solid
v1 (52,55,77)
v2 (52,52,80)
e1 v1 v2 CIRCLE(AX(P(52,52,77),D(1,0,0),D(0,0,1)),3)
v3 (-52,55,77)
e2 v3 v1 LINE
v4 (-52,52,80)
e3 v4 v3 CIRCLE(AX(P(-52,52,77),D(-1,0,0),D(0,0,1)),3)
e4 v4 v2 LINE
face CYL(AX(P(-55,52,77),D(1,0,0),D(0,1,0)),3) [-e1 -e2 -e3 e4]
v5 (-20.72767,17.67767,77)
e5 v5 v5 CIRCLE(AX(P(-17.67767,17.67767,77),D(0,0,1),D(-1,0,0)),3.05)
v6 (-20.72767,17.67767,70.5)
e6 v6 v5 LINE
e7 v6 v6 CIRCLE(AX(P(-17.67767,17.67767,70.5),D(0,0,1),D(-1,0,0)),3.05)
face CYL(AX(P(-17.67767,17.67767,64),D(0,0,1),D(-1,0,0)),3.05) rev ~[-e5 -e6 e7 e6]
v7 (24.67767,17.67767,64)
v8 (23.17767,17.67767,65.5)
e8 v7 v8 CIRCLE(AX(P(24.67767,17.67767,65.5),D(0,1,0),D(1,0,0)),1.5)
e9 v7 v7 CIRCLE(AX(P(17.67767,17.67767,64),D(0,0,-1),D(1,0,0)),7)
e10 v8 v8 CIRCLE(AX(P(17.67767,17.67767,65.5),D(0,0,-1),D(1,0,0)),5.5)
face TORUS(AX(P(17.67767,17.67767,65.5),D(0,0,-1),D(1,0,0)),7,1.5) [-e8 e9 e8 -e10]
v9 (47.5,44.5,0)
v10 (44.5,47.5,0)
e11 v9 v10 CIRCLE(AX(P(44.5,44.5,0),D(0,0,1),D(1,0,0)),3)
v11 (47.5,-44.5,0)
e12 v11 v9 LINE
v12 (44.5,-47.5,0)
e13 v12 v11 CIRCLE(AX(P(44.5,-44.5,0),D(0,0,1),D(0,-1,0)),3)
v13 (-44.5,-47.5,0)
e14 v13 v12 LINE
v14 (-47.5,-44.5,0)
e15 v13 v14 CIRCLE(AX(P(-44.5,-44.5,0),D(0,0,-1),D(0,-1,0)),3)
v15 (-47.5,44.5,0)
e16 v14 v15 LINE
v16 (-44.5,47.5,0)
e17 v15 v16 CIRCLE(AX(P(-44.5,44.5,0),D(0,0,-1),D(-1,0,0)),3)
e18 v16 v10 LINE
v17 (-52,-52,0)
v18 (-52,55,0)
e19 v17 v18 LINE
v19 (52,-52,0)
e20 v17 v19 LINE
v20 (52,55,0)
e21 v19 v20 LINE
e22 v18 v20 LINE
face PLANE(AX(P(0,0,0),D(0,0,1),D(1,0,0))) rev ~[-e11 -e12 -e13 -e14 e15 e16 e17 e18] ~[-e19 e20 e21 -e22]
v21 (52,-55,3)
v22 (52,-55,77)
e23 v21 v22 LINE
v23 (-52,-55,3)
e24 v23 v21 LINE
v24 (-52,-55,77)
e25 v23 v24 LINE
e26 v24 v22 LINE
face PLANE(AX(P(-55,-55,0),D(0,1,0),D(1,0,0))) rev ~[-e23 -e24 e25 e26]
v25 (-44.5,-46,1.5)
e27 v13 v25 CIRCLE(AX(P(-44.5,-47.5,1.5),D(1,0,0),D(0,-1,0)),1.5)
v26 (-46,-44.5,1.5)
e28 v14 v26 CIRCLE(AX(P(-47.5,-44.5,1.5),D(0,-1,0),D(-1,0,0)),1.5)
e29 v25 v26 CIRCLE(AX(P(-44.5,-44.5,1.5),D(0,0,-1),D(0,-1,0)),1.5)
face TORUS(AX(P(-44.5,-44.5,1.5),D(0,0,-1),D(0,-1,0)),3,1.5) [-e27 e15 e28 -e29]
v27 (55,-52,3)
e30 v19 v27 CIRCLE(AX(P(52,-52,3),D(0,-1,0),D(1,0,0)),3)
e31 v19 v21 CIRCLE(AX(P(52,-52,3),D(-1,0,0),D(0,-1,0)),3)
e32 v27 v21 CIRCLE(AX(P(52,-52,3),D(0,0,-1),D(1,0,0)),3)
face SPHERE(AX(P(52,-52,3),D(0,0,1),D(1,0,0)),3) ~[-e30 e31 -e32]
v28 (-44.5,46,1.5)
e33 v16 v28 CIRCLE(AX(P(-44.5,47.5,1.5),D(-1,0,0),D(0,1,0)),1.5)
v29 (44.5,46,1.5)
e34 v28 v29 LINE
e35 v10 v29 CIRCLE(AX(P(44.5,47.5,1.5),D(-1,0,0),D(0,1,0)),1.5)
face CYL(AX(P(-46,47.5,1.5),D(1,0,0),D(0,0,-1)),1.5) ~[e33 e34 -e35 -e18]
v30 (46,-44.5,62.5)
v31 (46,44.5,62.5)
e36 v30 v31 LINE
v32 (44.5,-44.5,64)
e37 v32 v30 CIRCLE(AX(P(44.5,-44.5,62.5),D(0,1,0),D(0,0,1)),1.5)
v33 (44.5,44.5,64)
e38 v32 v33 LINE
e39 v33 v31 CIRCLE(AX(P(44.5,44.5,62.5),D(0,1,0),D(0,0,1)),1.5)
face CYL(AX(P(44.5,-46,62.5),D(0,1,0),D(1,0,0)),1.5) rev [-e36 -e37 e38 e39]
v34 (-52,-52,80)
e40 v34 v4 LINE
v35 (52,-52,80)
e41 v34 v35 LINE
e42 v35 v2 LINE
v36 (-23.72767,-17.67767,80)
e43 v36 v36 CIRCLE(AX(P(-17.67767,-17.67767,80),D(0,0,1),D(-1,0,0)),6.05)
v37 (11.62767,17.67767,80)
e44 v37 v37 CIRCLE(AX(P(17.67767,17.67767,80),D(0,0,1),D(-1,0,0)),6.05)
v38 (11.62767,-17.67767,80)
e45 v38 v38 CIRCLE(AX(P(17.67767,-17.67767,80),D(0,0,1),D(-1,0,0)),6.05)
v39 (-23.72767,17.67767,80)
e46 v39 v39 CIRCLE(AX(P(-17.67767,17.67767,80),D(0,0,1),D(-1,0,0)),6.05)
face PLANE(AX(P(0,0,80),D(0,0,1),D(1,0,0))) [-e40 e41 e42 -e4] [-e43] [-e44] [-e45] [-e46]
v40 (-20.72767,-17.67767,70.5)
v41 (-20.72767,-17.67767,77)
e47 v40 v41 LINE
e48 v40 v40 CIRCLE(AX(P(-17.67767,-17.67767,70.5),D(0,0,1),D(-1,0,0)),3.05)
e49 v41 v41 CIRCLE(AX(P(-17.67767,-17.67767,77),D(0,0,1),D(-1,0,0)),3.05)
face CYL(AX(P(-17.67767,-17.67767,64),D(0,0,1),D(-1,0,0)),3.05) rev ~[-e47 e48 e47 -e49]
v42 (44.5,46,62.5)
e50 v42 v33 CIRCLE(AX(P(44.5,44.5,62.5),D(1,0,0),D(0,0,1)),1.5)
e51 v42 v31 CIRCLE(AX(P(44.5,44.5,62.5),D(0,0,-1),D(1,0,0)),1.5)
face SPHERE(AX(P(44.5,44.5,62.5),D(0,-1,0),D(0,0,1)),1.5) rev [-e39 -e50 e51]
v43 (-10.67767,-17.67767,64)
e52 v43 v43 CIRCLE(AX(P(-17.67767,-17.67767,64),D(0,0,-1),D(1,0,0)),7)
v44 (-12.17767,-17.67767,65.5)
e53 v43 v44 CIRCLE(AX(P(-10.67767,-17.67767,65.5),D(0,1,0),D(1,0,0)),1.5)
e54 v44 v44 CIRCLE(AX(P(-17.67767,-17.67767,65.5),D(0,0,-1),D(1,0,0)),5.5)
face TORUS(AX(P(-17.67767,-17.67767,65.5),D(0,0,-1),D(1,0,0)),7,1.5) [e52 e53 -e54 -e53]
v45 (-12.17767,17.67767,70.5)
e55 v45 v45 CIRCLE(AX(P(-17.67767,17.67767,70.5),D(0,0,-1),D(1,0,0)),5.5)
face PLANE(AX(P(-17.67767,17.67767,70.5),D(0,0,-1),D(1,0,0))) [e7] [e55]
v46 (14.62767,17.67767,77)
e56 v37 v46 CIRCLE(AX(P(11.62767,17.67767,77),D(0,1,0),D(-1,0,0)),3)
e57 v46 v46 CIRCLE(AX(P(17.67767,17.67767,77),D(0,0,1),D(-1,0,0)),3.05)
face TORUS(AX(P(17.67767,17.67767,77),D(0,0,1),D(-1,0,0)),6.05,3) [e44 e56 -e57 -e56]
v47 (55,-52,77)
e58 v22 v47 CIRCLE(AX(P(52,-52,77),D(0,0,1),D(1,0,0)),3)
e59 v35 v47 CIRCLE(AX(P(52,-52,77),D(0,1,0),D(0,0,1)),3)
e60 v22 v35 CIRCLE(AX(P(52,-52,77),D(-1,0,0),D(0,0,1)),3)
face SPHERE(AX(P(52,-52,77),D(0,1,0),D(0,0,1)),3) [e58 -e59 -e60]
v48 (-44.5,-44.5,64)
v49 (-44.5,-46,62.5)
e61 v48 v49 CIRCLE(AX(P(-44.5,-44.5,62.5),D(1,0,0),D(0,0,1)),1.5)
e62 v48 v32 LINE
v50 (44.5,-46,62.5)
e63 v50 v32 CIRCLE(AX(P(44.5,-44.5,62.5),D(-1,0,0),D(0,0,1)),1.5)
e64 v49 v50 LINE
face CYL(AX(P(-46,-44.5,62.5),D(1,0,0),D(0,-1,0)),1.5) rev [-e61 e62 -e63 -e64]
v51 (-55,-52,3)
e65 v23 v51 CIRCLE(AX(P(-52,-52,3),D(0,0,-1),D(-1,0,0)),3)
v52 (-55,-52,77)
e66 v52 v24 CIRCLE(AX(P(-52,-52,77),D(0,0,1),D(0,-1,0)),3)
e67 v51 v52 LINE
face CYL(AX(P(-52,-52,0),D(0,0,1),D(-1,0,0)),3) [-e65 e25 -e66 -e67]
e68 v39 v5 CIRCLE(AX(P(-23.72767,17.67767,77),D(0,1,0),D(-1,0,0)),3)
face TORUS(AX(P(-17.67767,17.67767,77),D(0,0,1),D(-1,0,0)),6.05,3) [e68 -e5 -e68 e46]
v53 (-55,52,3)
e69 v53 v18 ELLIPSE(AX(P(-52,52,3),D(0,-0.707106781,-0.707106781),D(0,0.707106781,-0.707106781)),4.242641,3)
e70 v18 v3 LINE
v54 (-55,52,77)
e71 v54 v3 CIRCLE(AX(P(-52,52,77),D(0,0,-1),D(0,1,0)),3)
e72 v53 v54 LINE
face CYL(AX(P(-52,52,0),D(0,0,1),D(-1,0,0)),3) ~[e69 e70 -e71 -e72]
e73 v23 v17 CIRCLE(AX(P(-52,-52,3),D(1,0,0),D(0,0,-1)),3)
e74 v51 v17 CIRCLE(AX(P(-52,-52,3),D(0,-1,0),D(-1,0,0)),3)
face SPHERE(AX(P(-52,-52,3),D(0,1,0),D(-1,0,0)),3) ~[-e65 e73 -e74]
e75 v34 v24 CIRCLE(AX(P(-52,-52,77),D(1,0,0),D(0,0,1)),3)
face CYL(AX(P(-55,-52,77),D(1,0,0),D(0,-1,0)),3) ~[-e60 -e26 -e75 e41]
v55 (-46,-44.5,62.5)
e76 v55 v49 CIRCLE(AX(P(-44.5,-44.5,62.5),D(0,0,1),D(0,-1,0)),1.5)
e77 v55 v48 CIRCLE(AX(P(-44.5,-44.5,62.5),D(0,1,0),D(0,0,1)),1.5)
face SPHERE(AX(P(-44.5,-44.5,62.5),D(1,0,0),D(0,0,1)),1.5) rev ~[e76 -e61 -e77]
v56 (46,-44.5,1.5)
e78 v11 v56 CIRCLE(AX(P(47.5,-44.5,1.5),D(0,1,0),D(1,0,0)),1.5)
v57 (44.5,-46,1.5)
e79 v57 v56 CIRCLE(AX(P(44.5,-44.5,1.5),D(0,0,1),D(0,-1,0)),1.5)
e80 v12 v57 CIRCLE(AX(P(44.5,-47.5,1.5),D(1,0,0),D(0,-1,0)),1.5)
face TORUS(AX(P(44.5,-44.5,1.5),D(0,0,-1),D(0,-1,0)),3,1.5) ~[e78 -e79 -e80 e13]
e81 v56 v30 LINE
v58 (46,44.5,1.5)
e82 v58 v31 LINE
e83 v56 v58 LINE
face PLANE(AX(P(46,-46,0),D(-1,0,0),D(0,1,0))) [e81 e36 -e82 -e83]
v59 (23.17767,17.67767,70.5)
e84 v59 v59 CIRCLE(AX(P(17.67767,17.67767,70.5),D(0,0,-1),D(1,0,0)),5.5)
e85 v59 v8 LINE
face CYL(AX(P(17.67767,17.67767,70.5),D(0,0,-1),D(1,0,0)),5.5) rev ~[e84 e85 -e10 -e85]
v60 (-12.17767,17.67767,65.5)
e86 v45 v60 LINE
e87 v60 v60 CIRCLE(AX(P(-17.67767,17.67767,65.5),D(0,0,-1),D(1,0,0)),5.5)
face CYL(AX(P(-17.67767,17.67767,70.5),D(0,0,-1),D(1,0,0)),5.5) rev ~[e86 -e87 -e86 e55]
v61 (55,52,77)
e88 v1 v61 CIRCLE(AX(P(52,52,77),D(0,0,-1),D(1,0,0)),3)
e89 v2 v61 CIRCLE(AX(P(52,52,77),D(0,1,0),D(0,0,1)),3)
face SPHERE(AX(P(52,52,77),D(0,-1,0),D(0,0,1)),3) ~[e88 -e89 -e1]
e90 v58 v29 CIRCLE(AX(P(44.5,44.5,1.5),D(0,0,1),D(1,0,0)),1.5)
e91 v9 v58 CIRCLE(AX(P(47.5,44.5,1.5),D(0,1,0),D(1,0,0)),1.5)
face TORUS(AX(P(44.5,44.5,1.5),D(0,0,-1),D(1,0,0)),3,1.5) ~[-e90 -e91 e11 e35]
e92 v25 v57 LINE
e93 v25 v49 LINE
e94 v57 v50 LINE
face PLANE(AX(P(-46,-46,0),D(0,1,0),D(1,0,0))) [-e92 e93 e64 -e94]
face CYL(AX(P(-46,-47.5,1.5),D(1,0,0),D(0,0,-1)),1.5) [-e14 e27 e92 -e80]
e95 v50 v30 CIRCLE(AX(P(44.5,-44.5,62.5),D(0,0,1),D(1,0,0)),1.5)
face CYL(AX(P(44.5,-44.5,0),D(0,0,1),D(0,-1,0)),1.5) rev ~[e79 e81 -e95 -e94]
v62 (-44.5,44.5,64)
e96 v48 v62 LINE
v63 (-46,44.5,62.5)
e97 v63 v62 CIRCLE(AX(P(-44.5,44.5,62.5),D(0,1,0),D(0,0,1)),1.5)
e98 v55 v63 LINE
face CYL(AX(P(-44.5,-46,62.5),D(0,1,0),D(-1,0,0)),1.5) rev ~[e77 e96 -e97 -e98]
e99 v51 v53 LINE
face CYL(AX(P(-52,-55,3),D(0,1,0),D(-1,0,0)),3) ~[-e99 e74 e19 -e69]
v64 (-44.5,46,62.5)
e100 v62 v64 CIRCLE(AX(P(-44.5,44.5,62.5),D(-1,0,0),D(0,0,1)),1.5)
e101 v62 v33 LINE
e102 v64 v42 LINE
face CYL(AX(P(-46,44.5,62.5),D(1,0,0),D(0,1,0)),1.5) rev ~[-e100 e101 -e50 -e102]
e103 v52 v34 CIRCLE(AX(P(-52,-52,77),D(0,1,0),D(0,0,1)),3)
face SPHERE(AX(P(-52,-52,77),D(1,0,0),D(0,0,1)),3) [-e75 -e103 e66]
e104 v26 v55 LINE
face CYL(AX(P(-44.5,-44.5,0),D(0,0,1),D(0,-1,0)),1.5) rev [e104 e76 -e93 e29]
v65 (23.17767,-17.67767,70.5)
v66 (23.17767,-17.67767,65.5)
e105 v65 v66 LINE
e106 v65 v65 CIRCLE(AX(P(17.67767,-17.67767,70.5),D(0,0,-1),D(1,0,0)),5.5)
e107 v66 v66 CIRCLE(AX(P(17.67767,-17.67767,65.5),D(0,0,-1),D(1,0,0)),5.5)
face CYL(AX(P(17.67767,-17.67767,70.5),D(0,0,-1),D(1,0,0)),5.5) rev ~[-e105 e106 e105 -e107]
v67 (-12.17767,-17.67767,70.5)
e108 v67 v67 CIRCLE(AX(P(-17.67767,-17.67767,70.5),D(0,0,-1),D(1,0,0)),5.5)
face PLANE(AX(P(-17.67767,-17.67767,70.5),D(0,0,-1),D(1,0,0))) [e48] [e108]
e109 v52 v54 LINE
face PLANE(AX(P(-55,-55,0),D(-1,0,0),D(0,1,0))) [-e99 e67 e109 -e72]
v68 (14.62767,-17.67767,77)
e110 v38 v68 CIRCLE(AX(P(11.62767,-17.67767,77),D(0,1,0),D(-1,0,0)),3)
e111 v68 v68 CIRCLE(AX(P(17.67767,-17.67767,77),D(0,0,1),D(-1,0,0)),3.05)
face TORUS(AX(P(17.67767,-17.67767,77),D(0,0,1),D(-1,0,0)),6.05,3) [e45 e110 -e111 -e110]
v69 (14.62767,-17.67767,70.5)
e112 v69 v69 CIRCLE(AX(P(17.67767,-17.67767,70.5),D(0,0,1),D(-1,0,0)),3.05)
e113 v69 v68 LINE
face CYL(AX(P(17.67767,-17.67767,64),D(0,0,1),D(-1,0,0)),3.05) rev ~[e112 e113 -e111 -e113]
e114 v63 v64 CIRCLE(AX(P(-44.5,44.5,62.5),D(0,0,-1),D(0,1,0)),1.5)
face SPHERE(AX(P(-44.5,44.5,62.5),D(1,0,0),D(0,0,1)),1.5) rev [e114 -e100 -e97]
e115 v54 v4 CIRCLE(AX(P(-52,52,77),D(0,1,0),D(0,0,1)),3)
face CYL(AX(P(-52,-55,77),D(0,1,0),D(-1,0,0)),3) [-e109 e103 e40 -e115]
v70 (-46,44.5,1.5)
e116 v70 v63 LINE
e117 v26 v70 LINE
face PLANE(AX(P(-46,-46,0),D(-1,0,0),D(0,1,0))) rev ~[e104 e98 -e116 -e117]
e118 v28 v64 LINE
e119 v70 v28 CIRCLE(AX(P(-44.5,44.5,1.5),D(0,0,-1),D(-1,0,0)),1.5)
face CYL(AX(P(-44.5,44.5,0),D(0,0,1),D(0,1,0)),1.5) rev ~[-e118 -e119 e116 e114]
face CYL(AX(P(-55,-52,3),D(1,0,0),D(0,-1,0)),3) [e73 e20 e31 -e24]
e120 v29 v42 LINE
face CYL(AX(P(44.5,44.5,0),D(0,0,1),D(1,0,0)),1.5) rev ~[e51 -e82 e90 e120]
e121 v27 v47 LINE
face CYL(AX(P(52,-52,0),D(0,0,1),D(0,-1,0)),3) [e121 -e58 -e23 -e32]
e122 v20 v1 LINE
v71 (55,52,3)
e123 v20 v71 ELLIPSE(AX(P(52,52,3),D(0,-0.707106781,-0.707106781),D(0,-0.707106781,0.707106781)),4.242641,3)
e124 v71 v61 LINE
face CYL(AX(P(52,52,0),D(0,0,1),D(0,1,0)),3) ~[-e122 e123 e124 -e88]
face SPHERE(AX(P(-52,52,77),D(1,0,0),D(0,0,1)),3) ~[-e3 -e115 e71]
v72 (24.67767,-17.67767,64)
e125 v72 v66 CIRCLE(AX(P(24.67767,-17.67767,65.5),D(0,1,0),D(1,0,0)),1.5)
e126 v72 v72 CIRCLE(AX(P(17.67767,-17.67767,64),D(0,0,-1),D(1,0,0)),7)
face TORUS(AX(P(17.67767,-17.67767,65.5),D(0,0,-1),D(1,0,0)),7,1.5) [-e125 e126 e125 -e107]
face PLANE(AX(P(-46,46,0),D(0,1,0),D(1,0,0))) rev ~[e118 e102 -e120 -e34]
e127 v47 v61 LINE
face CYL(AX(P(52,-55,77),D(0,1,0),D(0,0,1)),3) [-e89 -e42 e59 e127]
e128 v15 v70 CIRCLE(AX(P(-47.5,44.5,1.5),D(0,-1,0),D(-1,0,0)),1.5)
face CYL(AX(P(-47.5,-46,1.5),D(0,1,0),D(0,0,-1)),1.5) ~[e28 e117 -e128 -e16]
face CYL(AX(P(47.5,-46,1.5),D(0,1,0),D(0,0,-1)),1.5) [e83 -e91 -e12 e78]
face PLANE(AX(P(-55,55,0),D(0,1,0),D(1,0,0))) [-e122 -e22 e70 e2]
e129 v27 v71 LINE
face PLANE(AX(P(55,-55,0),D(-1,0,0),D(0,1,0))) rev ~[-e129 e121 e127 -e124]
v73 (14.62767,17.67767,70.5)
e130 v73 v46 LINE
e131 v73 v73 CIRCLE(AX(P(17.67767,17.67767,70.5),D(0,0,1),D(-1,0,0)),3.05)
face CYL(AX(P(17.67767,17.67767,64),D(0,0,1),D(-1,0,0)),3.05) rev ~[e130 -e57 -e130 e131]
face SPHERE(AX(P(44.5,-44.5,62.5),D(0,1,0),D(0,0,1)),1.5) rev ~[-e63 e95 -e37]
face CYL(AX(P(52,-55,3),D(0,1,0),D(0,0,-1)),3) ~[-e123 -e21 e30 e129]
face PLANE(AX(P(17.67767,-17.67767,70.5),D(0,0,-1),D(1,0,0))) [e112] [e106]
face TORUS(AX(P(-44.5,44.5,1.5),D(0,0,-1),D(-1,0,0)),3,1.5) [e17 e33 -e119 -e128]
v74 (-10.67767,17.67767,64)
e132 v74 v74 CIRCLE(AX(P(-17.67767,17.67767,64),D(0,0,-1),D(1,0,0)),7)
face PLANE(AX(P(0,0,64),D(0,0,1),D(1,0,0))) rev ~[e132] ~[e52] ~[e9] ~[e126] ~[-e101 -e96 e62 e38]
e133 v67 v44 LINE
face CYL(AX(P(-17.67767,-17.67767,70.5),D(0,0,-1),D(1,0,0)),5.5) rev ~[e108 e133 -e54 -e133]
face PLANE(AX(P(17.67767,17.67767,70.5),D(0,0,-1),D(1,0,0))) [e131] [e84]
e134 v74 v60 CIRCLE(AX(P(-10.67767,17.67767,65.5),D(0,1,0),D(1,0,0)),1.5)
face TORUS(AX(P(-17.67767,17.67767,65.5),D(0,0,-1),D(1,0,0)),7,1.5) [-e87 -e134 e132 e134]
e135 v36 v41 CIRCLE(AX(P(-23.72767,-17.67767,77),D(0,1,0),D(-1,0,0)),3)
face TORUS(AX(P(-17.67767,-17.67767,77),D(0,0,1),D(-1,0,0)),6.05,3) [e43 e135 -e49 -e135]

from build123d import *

# Parameters (mm, degrees)
F0_W           = 110
F0_H           = 110
F0_W_2         = 92
F0_H_2         = 92
F1_DEPTH       = 80
F2_DEPTH       = 64
F4_D           = 6.1
F4_CBORE_D     = 11
F4_CBORE_DEPTH = 6.5
F5_R           = 3
F6_R           = 1.5


with BuildPart() as f1:
    # F0 (on Top) → F1 (new body)
    with BuildSketch(Plane.XY):
        Rectangle(F0_W, F0_H)
        Rectangle(F0_W_2, F0_H_2, mode=Mode.SUBTRACT)
        Rectangle(F0_W_2, F0_H_2)
    extrude(amount=F1_DEPTH)

    # F0 (on Top) → F2 (cut)
    with BuildSketch(Plane.XY):
        Rectangle(F0_W_2, F0_H_2)
    extrude(amount=F2_DEPTH, mode=Mode.SUBTRACT)

    # F4 (through all)
    with Locations(Plane(origin=(0, 0, 64), x_dir=(1, 0, 0), z_dir=(0, 0, -1))):
        with Locations((17.67767, 17.67767), (17.67767, -17.67767), (-17.67767, -17.67767), (-17.67767, 17.67767)):
            CounterBoreHole(F4_D / 2, F4_CBORE_D / 2, F4_CBORE_DEPTH)

    # F5
    f5_edges = [f1.edges().sort_by_distance(p)[0] for p in [
        (55, 0, 80),
        (0, -55, 80),
        (0, 55, 80),
        (-55, 0, 80),
        (-20.72767, -17.67767, 80),
        (14.62767, -17.67767, 80),
        (-20.72767, 17.67767, 80),
        (14.62767, 17.67767, 80),
        (55, -55, 40),
        (55, 55, 40),
        (55, 0, 0),
        (-55, 0, 0),
        (-55, 55, 40),
        (-55, -55, 40),
        (0, -55, 0),
    ]]
    fillet(f5_edges, radius=F5_R)

    # F6
    f6_edges = [f1.edges().sort_by_distance(p)[0] for p in [
        (46, 0, 64),
        (0, -46, 64),
        (0, 46, 64),
        (-46, 0, 64),
        (-23.17767, -17.67767, 64),
        (12.17767, -17.67767, 64),
        (-23.17767, 17.67767, 64),
        (12.17767, 17.67767, 64),
        (-46, -46, 32),
        (46, -46, 32),
        (0, -46, 0),
        (46, 46, 32),
        (46, 0, 0),
        (-46, 46, 32),
        (-46, 0, 0),
        (0, 46, 0),
    ]]
    fillet(f6_edges, radius=F6_R)


solid = f1.part
